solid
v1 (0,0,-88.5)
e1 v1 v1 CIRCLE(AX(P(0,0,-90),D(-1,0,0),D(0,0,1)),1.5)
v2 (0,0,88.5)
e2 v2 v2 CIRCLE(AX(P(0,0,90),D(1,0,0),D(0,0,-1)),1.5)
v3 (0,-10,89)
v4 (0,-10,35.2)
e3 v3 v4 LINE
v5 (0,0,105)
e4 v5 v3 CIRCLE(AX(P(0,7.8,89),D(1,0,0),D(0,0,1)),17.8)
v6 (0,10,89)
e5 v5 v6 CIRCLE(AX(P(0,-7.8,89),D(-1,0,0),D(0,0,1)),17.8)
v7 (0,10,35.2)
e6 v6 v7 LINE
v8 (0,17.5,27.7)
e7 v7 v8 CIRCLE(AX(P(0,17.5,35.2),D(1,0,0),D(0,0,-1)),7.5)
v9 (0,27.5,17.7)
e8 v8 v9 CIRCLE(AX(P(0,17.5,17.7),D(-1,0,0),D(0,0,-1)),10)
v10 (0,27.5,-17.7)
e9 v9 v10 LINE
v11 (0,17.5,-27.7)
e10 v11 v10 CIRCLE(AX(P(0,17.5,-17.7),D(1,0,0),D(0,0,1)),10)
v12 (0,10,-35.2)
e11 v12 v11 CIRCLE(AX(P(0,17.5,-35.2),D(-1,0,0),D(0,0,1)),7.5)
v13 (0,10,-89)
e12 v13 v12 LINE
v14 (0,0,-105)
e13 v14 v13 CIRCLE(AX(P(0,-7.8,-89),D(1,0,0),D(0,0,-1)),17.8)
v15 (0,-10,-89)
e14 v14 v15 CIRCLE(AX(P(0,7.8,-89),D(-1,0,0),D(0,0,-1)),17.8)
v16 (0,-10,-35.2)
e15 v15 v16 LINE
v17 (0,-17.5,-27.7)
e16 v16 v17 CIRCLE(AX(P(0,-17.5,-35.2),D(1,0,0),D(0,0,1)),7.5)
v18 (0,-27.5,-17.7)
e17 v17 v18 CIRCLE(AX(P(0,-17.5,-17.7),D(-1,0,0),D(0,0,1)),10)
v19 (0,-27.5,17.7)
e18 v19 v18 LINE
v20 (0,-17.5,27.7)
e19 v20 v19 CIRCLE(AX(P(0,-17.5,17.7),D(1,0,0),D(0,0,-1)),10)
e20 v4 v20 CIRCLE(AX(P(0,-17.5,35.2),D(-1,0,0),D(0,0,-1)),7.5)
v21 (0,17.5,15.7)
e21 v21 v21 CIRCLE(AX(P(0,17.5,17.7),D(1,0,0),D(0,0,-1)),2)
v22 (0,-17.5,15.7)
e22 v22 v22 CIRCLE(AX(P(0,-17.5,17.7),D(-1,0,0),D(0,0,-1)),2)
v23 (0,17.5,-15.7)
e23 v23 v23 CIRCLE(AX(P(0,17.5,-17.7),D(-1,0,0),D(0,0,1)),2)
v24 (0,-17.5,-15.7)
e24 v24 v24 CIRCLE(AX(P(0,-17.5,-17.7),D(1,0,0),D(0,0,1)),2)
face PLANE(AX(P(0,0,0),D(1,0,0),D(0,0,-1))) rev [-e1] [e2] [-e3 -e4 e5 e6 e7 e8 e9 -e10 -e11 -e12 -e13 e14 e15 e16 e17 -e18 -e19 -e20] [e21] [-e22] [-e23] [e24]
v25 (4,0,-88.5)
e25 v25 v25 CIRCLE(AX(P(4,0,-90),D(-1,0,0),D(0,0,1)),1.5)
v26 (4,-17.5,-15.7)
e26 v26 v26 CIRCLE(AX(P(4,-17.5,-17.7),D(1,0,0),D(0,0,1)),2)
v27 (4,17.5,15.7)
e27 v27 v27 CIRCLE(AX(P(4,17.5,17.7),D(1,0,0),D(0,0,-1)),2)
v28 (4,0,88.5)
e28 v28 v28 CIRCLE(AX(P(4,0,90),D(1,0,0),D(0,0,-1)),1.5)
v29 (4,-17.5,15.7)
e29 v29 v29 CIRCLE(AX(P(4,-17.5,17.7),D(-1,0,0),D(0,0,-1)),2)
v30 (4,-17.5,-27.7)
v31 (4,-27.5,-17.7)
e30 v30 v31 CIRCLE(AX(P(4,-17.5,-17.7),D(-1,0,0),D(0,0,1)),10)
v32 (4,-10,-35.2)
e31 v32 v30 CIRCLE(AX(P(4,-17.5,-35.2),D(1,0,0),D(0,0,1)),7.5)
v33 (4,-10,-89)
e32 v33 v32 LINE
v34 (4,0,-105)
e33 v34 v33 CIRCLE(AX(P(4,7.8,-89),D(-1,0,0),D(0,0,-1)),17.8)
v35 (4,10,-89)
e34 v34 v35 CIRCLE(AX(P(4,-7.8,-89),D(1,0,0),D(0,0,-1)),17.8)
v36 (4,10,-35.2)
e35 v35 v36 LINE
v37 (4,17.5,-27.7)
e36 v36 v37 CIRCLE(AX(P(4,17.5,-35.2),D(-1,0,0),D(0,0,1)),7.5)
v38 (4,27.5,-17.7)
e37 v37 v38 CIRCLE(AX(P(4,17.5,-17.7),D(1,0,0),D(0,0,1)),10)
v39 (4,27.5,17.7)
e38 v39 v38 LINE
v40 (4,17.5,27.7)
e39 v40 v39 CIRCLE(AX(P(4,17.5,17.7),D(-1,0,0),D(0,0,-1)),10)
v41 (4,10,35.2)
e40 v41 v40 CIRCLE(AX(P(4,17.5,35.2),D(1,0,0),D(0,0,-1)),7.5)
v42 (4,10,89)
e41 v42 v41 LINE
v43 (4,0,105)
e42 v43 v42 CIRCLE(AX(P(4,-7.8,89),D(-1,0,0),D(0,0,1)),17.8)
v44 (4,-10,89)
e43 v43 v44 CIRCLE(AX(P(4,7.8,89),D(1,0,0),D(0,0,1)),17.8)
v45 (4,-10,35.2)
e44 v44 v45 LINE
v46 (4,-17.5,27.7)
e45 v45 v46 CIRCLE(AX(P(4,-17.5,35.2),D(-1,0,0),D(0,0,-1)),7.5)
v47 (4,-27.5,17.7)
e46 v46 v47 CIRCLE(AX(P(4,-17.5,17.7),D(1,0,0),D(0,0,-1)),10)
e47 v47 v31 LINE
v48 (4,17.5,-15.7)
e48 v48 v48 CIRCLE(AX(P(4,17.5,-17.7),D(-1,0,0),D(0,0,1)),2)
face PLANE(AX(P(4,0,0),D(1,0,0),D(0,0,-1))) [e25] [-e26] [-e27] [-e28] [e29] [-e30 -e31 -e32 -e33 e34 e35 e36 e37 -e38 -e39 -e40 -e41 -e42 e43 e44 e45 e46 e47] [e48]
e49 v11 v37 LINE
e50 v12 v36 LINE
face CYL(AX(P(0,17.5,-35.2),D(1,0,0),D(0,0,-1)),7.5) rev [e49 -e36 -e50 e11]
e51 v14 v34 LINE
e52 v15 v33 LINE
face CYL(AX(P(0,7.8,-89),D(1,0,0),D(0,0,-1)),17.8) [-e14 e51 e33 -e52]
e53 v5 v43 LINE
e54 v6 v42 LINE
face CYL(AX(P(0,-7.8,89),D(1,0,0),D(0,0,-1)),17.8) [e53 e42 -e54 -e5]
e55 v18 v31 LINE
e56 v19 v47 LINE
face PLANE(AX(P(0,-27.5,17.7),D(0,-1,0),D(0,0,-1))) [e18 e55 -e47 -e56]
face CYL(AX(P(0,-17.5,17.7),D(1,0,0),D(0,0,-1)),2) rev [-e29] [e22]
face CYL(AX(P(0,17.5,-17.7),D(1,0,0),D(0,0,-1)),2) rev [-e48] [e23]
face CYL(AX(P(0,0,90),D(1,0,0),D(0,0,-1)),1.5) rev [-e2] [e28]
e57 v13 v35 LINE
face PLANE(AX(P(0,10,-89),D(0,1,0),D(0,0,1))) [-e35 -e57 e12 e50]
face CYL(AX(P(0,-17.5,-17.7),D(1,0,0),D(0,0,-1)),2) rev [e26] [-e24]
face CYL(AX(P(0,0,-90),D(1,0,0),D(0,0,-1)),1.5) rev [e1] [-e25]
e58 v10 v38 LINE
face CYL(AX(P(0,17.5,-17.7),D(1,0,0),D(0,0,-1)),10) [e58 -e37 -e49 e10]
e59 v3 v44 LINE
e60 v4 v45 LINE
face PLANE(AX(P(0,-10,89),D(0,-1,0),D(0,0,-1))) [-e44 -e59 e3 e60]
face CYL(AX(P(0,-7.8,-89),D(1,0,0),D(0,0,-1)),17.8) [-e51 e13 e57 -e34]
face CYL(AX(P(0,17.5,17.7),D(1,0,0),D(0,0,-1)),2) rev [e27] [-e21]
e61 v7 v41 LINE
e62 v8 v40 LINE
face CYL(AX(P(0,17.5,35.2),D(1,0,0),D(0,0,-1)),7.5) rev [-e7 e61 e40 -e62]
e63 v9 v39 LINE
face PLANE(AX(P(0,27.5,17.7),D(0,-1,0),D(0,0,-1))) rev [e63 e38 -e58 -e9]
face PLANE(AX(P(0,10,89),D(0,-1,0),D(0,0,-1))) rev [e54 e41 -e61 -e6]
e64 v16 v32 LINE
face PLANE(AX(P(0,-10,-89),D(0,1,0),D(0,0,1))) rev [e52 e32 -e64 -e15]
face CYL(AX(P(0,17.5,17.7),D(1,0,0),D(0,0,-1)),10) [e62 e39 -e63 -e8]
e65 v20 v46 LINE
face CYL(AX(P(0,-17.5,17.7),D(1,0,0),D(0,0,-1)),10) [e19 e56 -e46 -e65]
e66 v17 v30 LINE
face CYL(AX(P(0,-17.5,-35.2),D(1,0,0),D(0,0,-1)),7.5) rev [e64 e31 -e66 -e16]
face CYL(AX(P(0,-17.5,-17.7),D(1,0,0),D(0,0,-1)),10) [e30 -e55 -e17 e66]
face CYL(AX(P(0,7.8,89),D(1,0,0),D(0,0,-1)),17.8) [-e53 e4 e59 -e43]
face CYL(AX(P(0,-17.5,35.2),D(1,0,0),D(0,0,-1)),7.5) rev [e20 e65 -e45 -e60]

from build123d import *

# Parameters (mm, degrees)
SKETCH1_W               = 210
SKETCH1_H               = 61.270358306
BOSS_EXTRUDE1_DEPTH     = 4
SKETCH2_R               = 1.5
CUT_EXTRUDE1_DEPTH      = 5
SKETCH3_R               = 2
CUT_EXTRUDE2_DEPTH      = 5
CUT_EXTRUDE3_DEPTH      = 5
MIRROR3_COPY_1_SKETCH_R = 2
MIRROR3_COPY_1_DEPTH    = 5
MIRROR3_COPY_2_DEPTH    = 5


with BuildPart() as part:
    # Sketch1 → Boss-Extrude1 (new body)
    with BuildSketch(Plane(origin=(0, 0, 0), x_dir=(0, 0, -1), z_dir=(1, 0, 0))):
        Rectangle(SKETCH1_W, SKETCH1_H)
    extrude(amount=BOSS_EXTRUDE1_DEPTH)

    # Sketch2 → Cut-Extrude1 (cut, through all)
    with BuildSketch(Plane(origin=(4, 0, 0), x_dir=(0, 0, -1), z_dir=(1, 0, 0))):
        with Locations((-90, 0)):
            Circle(SKETCH2_R)
    cut_extrude1 = extrude(amount=-CUT_EXTRUDE1_DEPTH, mode=Mode.SUBTRACT)

    # Sketch3 → Cut-Extrude2 (cut, through all)
    with BuildSketch(Plane(origin=(4, 0, 0), x_dir=(0, 0, -1), z_dir=(1, 0, 0))):
        with Locations((-17.7, 17.5)):
            Circle(SKETCH3_R)
    cut_extrude2 = extrude(amount=-CUT_EXTRUDE2_DEPTH, mode=Mode.SUBTRACT)

    # Sketch4 → Cut-Extrude3 (cut, through all)
    with BuildSketch(Plane(origin=(4, 0, 0), x_dir=(0, 0, -1), z_dir=(1, 0, 0))):
        with BuildLine():
            Line((-89, 10), (-35.2, 10))
            ThreePointArc((-35.2, 10), (-29.896699141, 12.196699141), (-27.7, 17.5))
            ThreePointArc((-27.7, 17.5), (-24.771067812, 24.571067812), (-17.7, 27.5))
            Line((-17.7, 27.5), (0, 27.5))
            Line((0, 27.5), (0, 30.635179153))
            Line((0, 30.635179153), (-105, 30.635179153))
            Line((-105, 30.635179153), (-105, 0))
            ThreePointArc((-105, 0), (-98.433981132, 7.294369811), (-89, 10))
        make_face()
    cut_extrude3 = extrude(amount=-CUT_EXTRUDE3_DEPTH, mode=Mode.SUBTRACT)

    # Mirror2: Cut-Extrude2, Cut-Extrude3 across plane
    add(cut_extrude2.mirror(Plane.ZX), mode=Mode.SUBTRACT)
    add(cut_extrude3.mirror(Plane.ZX), mode=Mode.SUBTRACT)

    # Mirror3: Cut-Extrude3, Cut-Extrude1, Cut-Extrude2 across plane
    add(cut_extrude3.mirror(Plane.XY), mode=Mode.SUBTRACT)
    add(cut_extrude1.mirror(Plane.XY), mode=Mode.SUBTRACT)
    add(cut_extrude2.mirror(Plane.XY), mode=Mode.SUBTRACT)

    # Mirror3 copy 1 sketch → Mirror3 copy 1 (cut, through all)
    with BuildSketch(Plane(origin=(4, 0, 0), x_dir=(0, 0, 1), z_dir=(1, 0, 0))):
        with Locations((-17.7, 17.5)):
            Circle(MIRROR3_COPY_1_SKETCH_R)
    extrude(amount=-MIRROR3_COPY_1_DEPTH, mode=Mode.SUBTRACT)

    # Mirror3 copy 2 sketch → Mirror3 copy 2 (cut, through all)
    with BuildSketch(Plane(origin=(4, 0, 0), x_dir=(0, 0, 1), z_dir=(1, 0, 0))):
        with BuildLine():
            Line((-89, 10), (-35.2, 10))
            ThreePointArc((-35.2, 10), (-29.896699141, 12.196699141), (-27.7, 17.5))
            ThreePointArc((-27.7, 17.5), (-24.771067812, 24.571067812), (-17.7, 27.5))
            Line((-17.7, 27.5), (0, 27.5))
            Line((0, 27.5), (0, 30.635179153))
            Line((0, 30.635179153), (-105, 30.635179153))
            Line((-105, 30.635179153), (-105, 0))
            ThreePointArc((-105, 0), (-98.433981132, 7.294369811), (-89, 10))
        make_face()
    extrude(amount=-MIRROR3_COPY_2_DEPTH, mode=Mode.SUBTRACT)


solid = part.part
